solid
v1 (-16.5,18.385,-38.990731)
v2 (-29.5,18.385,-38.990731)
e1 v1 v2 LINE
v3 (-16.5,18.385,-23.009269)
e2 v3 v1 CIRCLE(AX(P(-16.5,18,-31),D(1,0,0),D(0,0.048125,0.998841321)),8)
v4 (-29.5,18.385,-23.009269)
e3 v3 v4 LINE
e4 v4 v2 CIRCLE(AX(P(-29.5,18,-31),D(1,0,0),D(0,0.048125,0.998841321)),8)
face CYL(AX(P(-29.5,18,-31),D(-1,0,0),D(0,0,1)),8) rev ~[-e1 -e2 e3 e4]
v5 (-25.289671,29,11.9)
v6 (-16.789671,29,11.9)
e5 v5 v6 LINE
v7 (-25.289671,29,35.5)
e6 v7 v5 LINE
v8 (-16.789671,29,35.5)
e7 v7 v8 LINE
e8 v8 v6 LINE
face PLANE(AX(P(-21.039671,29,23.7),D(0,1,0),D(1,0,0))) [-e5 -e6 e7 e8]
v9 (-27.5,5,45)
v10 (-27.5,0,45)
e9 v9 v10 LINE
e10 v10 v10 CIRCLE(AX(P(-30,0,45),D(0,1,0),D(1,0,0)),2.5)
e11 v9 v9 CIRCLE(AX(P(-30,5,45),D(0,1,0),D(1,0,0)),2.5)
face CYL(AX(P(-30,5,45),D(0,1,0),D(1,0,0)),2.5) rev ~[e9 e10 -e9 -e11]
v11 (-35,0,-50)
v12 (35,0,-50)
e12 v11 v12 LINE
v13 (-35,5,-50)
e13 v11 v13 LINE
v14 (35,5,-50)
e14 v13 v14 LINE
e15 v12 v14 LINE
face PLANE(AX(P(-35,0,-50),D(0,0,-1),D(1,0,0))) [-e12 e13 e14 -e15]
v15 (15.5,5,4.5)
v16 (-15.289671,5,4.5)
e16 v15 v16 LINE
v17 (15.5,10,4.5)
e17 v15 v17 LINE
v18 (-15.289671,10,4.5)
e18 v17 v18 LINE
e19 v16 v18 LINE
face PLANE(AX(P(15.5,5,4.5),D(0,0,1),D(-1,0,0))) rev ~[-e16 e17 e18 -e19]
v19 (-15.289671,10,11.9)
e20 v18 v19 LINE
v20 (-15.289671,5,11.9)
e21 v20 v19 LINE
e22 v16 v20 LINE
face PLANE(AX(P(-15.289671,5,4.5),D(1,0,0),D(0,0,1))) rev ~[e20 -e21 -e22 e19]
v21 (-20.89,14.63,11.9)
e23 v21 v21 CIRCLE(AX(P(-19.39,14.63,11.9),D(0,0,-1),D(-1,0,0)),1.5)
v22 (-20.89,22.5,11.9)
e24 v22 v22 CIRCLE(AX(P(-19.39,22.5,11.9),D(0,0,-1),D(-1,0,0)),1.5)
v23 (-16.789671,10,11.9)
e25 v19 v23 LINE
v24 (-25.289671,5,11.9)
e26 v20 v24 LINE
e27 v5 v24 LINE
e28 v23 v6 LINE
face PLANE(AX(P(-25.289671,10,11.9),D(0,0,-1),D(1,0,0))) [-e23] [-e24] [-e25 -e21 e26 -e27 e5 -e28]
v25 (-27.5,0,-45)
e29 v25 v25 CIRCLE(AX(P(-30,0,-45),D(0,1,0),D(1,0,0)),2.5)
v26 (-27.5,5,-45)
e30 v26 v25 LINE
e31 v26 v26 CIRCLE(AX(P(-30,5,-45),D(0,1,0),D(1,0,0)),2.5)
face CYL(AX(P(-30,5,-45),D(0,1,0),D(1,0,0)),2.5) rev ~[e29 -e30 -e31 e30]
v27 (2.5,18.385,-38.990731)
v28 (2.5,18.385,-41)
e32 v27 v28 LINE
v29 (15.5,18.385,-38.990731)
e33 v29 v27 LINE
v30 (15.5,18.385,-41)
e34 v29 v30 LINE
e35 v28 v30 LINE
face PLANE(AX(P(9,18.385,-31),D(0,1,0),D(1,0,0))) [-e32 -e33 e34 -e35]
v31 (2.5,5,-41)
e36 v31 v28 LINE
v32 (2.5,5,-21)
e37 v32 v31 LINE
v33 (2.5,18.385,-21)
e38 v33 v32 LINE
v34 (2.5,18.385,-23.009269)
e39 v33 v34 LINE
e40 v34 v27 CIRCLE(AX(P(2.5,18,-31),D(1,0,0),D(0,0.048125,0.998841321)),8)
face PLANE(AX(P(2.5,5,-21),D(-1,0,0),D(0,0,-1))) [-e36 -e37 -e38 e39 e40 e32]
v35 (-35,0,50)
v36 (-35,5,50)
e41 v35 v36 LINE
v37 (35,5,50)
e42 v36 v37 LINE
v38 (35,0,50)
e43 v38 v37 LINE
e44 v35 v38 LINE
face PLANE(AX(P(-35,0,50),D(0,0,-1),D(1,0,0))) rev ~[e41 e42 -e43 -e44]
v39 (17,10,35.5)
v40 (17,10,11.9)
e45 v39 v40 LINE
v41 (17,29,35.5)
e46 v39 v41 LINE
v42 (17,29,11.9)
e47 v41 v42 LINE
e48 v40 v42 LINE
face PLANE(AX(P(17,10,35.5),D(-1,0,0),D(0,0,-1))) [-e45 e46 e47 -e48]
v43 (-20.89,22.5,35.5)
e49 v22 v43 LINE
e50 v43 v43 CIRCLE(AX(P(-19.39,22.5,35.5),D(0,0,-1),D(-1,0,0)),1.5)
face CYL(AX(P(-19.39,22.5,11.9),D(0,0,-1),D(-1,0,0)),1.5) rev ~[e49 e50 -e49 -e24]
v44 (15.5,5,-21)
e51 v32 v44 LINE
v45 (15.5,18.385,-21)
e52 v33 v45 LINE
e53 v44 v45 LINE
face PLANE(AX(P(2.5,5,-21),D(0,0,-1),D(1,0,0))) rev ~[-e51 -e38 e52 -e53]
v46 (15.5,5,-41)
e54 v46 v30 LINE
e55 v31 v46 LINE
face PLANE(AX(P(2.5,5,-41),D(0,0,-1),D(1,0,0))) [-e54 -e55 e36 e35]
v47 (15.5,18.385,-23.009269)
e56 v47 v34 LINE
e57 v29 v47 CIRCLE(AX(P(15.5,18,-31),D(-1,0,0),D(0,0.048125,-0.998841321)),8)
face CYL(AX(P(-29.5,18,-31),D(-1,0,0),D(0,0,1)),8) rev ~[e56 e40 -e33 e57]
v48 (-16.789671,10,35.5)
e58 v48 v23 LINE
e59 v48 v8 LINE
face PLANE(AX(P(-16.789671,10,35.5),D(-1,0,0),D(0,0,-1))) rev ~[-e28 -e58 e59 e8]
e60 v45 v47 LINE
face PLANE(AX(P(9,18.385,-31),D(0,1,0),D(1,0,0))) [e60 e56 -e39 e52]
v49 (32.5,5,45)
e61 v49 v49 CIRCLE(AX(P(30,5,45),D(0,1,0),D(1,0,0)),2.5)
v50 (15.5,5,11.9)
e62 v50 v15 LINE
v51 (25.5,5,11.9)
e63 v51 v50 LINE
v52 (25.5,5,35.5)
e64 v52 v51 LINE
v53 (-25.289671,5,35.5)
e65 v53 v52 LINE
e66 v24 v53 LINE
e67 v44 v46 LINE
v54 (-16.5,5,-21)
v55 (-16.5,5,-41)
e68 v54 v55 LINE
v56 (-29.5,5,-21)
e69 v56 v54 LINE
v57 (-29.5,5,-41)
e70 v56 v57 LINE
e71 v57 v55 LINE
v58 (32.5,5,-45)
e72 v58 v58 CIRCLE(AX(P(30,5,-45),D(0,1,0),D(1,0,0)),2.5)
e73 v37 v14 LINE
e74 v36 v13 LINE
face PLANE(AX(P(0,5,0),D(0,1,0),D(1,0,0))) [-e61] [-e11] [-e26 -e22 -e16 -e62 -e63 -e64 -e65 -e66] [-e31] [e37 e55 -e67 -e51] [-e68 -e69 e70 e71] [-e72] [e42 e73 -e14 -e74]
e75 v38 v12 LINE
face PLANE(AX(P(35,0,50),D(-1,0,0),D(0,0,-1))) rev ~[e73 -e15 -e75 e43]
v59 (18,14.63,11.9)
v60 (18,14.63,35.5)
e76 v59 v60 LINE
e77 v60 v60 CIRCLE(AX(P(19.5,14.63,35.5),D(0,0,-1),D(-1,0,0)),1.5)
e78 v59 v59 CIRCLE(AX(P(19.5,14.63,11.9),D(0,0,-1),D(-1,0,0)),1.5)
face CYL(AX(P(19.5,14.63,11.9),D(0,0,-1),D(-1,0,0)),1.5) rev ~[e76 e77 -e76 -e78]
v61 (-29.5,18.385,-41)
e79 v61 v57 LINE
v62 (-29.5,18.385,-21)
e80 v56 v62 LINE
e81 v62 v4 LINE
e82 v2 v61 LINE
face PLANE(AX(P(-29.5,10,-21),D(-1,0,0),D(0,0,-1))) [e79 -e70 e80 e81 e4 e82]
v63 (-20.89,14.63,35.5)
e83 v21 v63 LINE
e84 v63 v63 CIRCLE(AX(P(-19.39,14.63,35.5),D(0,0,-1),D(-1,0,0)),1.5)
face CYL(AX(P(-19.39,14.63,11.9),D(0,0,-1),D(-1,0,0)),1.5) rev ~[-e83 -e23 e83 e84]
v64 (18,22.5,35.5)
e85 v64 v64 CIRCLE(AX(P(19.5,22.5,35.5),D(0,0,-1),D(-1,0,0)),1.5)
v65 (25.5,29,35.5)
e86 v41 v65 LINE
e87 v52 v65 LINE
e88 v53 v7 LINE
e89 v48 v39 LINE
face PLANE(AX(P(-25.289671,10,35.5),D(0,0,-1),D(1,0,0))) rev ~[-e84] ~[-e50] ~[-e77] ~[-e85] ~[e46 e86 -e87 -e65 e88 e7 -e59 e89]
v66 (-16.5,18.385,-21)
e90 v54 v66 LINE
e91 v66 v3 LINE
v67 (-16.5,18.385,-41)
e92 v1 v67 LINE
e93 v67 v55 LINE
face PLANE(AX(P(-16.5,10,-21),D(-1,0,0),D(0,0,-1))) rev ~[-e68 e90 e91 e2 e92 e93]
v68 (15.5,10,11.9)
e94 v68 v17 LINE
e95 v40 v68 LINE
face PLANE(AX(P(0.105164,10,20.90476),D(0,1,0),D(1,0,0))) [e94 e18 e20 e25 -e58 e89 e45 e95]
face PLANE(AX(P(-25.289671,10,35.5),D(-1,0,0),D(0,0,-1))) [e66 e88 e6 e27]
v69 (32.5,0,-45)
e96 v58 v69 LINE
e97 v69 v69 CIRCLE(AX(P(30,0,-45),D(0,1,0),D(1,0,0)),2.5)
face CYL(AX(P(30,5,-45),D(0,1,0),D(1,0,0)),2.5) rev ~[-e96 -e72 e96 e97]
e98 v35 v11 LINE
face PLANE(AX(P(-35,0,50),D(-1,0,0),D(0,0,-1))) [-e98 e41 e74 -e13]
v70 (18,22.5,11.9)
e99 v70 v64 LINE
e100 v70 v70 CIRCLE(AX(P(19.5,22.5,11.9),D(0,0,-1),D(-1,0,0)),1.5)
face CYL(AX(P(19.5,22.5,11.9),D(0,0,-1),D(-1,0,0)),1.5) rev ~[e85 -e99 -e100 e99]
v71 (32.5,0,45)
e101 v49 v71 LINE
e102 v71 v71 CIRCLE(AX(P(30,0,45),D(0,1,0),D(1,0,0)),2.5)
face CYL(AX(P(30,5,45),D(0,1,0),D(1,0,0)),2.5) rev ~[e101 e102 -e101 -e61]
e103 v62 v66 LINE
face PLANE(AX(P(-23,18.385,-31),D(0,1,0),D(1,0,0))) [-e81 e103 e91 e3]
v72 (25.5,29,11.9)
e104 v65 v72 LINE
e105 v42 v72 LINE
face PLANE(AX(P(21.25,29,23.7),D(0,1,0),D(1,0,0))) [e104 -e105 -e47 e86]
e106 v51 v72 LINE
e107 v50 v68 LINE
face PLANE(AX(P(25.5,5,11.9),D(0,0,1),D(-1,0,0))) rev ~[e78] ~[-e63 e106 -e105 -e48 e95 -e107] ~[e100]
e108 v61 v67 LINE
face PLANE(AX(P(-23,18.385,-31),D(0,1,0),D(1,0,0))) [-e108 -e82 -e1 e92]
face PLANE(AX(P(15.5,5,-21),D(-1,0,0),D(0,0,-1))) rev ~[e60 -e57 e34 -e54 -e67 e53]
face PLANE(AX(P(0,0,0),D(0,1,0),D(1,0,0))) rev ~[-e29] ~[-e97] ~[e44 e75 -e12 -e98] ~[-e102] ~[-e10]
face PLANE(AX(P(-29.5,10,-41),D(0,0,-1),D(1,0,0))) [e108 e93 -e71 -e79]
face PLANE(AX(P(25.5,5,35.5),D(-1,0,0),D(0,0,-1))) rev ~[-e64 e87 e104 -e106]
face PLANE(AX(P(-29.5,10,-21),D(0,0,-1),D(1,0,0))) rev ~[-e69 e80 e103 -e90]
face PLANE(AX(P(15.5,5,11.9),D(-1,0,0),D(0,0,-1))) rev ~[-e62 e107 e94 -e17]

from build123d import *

# Parameters (mm, degrees)
SKETCH1_W           = 70
SKETCH1_H           = 100
BOSS_EXTRUDE1_DEPTH = 5
SKETCH2_W           = 13
SKETCH2_H           = 20
BOSS_EXTRUDE2_DEPTH = 5
SKETCH4_W           = 8.5
SKETCH4_H           = 23.6
BOSS_EXTRUDE3_DEPTH = 19
SKETCH5_R           = 1.5
CUT_EXTRUDE1_DEPTH  = 26
SKETCH6_W           = 13
SKETCH6_H           = 20
BOSS_EXTRUDE4_DEPTH = 8.385
SKETCH7_R           = 8
CUT_EXTRUDE2_DEPTH  = 63
CUT_EXTRUDE3_REACH  = 7
SKETCH8_R           = 2.5


with BuildPart() as part:
    # Sketch1 → Boss-Extrude1 (new body)
    with BuildSketch(Plane(origin=(0, 0, 0), x_dir=(1, 0, 0), z_dir=(0, 1, 0))):
        Rectangle(SKETCH1_W, SKETCH1_H)
    extrude(amount=BOSS_EXTRUDE1_DEPTH)

    # Sketch2 → Boss-Extrude2 (add)
    with BuildSketch(Plane(origin=(0, 5, 0), x_dir=(1, 0, 0), z_dir=(0, 1, 0))):
        Polygon((-15.28967138, -11.9), (-25.28967138, -11.9), (-25.28967138, -35.5), (25.5, -35.5), (25.5, -11.9), (15.5, -11.9), (15.5, -4.5), (-15.28967138, -4.5), align=None)
        with Locations((-23, 31)):
            Rectangle(SKETCH2_W, SKETCH2_H)
        with Locations((9, 31)):
            Rectangle(SKETCH2_W, SKETCH2_H)
    extrude(amount=BOSS_EXTRUDE2_DEPTH)

    # Sketch4 → Boss-Extrude3 (add)
    with BuildSketch(Plane(origin=(0, 10, 0), x_dir=(1, 0, 0), z_dir=(0, 1, 0))):
        with Locations((-21.03967138, -23.7)):
            Rectangle(SKETCH4_W, SKETCH4_H)
        with Locations((21.25, -23.7)):
            Rectangle(SKETCH4_W, SKETCH4_H)
    extrude(amount=BOSS_EXTRUDE3_DEPTH)

    # Sketch5 → Cut-Extrude1 (cut)
    with BuildSketch(Plane(origin=(0, 0, 11.9), x_dir=(-1, 0, 0), z_dir=(0, 0, -1))):
        with Locations((19.39, 22.5)):
            Circle(SKETCH5_R)
        with Locations((19.39, 14.63)):
            Circle(SKETCH5_R)
        with Locations((-19.5, 22.5)):
            Circle(SKETCH5_R)
        with Locations((-19.5, 14.63)):
            Circle(SKETCH5_R)
    extrude(amount=-CUT_EXTRUDE1_DEPTH, mode=Mode.SUBTRACT)

    # Sketch6 → Boss-Extrude4 (add)
    with BuildSketch(Plane(origin=(0, 10, 0), x_dir=(1, 0, 0), z_dir=(0, 1, 0))):
        with Locations((-23, 31)):
            Rectangle(SKETCH6_W, SKETCH6_H)
        with Locations((9, 31)):
            Rectangle(SKETCH6_W, SKETCH6_H)
    extrude(amount=BOSS_EXTRUDE4_DEPTH)

    # Sketch7 → Cut-Extrude2 (cut)
    with BuildSketch(Plane.ZY.offset(29.5)):
        with Locations((-31, 18)):
            Circle(SKETCH7_R)
    extrude(amount=-CUT_EXTRUDE2_DEPTH, mode=Mode.SUBTRACT)

    # Sketch8 → Cut-Extrude3 (cut, up to next)
    with BuildSketch(Plane(origin=(0, 5, 0), x_dir=(1, 0, 0), z_dir=(0, 1, 0)), mode=Mode.PRIVATE) as cut_extrude3_sk1:
        with Locations((30, 45)):
            Circle(SKETCH8_R)
    cut_extrude3_tool1 = extrude(cut_extrude3_sk1.sketch, amount=-CUT_EXTRUDE3_REACH, mode=Mode.PRIVATE) & part.part
    add(cut_extrude3_tool1.solids().sort_by_distance((30, 5, -45))[0], mode=Mode.SUBTRACT)
    # Sketch8 → Cut-Extrude3 (cut, up to next)
    with BuildSketch(Plane(origin=(0, 5, 0), x_dir=(1, 0, 0), z_dir=(0, 1, 0)), mode=Mode.PRIVATE) as cut_extrude3_sk2:
        with Locations((-30, 45)):
            Circle(SKETCH8_R)
    cut_extrude3_tool2 = extrude(cut_extrude3_sk2.sketch, amount=-CUT_EXTRUDE3_REACH, mode=Mode.PRIVATE) & part.part
    add(cut_extrude3_tool2.solids().sort_by_distance((-30, 5, -45))[0], mode=Mode.SUBTRACT)
    # Sketch8 → Cut-Extrude3 (cut, up to next)
    with BuildSketch(Plane(origin=(0, 5, 0), x_dir=(1, 0, 0), z_dir=(0, 1, 0)), mode=Mode.PRIVATE) as cut_extrude3_sk3:
        with Locations((-30, -45)):
            Circle(SKETCH8_R)
    cut_extrude3_tool3 = extrude(cut_extrude3_sk3.sketch, amount=-CUT_EXTRUDE3_REACH, mode=Mode.PRIVATE) & part.part
    add(cut_extrude3_tool3.solids().sort_by_distance((-30, 5, 45))[0], mode=Mode.SUBTRACT)
    # Sketch8 → Cut-Extrude3 (cut, up to next)
    with BuildSketch(Plane(origin=(0, 5, 0), x_dir=(1, 0, 0), z_dir=(0, 1, 0)), mode=Mode.PRIVATE) as cut_extrude3_sk4:
        with Locations((30, -45)):
            Circle(SKETCH8_R)
    cut_extrude3_tool4 = extrude(cut_extrude3_sk4.sketch, amount=-CUT_EXTRUDE3_REACH, mode=Mode.PRIVATE) & part.part
    add(cut_extrude3_tool4.solids().sort_by_distance((30, 5, 45))[0], mode=Mode.SUBTRACT)


solid = part.part
